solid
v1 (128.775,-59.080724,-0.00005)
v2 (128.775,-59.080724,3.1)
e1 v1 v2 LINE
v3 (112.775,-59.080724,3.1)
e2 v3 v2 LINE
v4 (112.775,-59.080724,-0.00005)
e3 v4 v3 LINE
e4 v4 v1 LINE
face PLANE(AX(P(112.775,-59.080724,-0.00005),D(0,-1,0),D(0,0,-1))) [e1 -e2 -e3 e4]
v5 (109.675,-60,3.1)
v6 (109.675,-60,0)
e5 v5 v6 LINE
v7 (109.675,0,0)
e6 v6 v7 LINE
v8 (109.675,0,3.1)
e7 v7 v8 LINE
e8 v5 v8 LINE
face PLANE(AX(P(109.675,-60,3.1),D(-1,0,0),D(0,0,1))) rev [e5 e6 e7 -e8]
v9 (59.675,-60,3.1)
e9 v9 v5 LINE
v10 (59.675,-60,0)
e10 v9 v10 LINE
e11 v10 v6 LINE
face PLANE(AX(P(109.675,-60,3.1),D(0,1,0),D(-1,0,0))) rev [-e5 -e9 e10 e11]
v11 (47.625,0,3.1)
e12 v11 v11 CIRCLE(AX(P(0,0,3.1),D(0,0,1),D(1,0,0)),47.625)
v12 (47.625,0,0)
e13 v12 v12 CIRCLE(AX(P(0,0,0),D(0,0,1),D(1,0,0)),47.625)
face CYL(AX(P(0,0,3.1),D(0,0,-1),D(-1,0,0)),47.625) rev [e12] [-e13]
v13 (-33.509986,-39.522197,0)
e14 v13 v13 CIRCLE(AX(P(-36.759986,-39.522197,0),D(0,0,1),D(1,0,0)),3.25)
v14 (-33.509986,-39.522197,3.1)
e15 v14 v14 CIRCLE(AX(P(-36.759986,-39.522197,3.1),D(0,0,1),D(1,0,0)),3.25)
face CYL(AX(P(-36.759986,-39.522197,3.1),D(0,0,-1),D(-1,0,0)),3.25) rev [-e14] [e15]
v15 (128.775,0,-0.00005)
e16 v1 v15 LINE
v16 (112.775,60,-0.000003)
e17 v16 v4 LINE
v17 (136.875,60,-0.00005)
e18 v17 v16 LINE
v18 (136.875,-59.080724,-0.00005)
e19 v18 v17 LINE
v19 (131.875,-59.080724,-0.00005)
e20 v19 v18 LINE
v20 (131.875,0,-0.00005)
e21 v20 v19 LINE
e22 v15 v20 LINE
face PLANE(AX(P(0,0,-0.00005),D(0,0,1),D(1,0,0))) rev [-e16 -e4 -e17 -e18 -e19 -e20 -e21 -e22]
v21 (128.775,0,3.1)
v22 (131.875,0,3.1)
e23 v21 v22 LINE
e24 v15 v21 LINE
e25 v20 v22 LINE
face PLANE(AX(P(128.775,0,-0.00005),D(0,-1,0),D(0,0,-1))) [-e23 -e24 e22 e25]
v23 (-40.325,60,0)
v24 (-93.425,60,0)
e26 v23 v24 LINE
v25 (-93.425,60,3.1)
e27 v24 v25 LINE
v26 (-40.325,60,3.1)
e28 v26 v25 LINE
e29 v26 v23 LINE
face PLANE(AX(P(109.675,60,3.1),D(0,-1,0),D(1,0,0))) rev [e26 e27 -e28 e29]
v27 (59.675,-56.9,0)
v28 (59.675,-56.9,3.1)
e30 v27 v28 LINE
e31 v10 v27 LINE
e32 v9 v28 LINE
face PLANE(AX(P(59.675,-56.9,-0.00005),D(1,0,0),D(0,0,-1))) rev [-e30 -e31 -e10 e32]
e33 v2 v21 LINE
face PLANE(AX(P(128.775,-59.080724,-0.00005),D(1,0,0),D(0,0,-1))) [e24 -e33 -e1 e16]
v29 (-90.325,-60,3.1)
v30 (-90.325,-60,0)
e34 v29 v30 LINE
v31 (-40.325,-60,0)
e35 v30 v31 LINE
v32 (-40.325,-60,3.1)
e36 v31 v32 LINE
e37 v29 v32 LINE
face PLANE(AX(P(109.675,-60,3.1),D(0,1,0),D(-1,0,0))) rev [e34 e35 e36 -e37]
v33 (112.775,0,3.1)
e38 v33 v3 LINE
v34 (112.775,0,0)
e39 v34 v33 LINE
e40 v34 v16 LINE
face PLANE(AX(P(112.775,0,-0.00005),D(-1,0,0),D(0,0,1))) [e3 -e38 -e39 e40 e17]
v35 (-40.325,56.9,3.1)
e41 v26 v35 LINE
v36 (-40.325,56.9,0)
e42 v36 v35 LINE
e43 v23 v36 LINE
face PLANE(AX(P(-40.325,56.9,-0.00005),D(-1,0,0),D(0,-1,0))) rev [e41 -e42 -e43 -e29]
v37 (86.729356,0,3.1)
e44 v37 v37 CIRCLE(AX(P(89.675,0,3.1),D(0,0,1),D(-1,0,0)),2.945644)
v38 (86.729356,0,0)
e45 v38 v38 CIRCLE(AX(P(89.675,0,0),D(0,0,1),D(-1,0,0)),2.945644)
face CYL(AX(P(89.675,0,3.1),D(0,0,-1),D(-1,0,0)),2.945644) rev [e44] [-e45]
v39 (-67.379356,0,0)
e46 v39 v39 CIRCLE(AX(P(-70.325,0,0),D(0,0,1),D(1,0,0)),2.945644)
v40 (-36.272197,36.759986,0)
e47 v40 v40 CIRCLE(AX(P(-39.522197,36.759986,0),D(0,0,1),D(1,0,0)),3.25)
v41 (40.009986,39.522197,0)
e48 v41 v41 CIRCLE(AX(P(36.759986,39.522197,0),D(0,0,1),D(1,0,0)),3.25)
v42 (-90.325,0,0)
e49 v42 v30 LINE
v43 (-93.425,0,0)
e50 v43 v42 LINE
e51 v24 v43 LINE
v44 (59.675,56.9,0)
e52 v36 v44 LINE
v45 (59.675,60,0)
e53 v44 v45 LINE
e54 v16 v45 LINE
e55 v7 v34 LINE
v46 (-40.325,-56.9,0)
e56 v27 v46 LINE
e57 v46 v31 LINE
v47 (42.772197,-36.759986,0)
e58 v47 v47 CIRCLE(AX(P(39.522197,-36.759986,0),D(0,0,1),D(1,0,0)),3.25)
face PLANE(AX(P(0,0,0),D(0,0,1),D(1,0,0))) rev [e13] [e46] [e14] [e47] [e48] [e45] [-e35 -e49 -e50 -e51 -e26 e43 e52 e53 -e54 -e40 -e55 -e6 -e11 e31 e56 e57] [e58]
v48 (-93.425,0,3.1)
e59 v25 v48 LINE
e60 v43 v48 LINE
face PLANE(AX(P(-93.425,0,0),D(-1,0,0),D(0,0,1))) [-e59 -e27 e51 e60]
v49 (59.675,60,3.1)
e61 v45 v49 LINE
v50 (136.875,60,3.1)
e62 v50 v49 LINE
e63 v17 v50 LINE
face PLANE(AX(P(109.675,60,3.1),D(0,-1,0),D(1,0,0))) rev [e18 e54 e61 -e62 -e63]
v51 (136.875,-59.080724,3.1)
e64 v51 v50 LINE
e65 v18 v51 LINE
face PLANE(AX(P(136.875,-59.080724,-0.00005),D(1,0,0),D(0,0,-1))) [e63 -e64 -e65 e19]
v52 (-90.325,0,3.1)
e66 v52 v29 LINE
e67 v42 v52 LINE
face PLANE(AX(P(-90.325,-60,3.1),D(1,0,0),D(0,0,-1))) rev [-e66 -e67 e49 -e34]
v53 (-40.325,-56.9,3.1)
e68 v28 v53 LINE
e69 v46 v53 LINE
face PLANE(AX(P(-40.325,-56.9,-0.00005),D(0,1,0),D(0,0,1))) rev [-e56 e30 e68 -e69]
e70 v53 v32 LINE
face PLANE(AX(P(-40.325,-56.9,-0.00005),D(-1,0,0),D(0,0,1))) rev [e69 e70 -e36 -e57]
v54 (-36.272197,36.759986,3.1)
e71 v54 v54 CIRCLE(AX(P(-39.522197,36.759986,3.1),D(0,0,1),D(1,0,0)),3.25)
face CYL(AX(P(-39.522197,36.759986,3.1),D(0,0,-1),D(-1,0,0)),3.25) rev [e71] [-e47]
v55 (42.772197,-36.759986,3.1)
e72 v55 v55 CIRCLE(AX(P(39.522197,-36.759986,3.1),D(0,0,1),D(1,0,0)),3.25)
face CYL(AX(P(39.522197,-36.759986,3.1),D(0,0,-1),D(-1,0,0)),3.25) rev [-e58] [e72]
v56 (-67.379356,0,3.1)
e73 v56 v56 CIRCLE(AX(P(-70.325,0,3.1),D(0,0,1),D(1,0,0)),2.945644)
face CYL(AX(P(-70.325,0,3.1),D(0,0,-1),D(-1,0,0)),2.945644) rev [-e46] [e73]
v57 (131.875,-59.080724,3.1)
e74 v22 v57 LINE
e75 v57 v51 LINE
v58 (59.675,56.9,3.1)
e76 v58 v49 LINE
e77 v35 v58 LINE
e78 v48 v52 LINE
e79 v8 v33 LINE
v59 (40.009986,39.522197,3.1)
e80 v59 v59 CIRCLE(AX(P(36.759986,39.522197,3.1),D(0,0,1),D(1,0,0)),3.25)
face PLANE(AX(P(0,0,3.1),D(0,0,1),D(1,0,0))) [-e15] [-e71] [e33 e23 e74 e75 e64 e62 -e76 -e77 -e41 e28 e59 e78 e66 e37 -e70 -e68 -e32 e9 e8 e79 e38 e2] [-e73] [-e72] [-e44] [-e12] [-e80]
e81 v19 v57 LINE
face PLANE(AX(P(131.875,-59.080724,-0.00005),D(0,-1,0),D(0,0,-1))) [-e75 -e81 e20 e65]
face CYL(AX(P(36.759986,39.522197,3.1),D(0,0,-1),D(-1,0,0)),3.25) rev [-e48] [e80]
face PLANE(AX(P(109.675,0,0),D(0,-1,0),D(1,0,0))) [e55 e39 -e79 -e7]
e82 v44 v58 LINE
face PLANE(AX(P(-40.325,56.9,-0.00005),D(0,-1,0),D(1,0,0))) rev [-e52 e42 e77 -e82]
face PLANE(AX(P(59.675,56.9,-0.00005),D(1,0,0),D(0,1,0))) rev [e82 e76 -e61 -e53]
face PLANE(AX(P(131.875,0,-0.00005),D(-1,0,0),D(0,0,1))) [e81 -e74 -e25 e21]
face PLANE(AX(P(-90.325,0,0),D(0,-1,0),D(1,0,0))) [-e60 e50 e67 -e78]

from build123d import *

# Parameters (mm, degrees)
SKETCH1_W           = 200
SKETCH1_H           = 120
SKETCH1_R           = 3.25
SKETCH1_R_2         = 47.625
SKETCH1_R_3         = 2.945643703
BOSS_EXTRUDE1_DEPTH = 3.1
SKETCH2_W           = 3.1
SKETCH2_H           = 60
BOSS_EXTRUDE2_DEPTH = 3.1
SKETCH3_W           = 100
SKETCH3_H           = 3.1
CUT_EXTRUDE1_DEPTH  = 4.1
BOSS_EXTRUDE3_DEPTH = 3.1


with BuildPart() as part:
    # Sketch1 → Boss-Extrude1 (new body)
    with BuildSketch(Plane.XY):
        with Locations((9.675, 0)):
            Rectangle(SKETCH1_W, SKETCH1_H)
        with Locations((-39.522196789, 36.759986207)):
            Circle(SKETCH1_R, mode=Mode.SUBTRACT)
        with Locations((36.759986207, 39.522196789)):
            Circle(SKETCH1_R, mode=Mode.SUBTRACT)
        with Locations((39.522196789, -36.759986207)):
            Circle(SKETCH1_R, mode=Mode.SUBTRACT)
        with Locations((-36.759986207, -39.522196789)):
            Circle(SKETCH1_R, mode=Mode.SUBTRACT)
        Circle(SKETCH1_R_2, mode=Mode.SUBTRACT)
        with Locations((-70.325, 0)):
            Circle(SKETCH1_R_3, mode=Mode.SUBTRACT)
        with Locations((89.675, 0)):
            Circle(SKETCH1_R_3, mode=Mode.SUBTRACT)
    extrude(amount=BOSS_EXTRUDE1_DEPTH)

    # Sketch2 → Boss-Extrude2 (add, through all)
    with BuildSketch(Plane.XY.offset(3.1)):
        with Locations((-91.875, 30)):
            Rectangle(SKETCH2_W, SKETCH2_H)
        with Locations((111.225, 30)):
            Rectangle(SKETCH2_W, SKETCH2_H)
    extrude(amount=-BOSS_EXTRUDE2_DEPTH)

    # Sketch3 → Cut-Extrude1 (cut, through all)
    with BuildSketch(Plane.XY.offset(3.1)):
        with Locations((9.675, -58.45)):
            Rectangle(SKETCH3_W, SKETCH3_H)
        with Locations((9.675, 58.45)):
            Rectangle(SKETCH3_W, SKETCH3_H)
    extrude(amount=-CUT_EXTRUDE1_DEPTH, mode=Mode.SUBTRACT)

    # Sketch4 → Boss-Extrude3 (add, through all)
    with BuildSketch(Plane.XY.offset(3.1)):
        Polygon((112.775, 0), (112.775, -59.080724095), (128.775, -59.080724095), (128.775, 0), (131.875, 0), (131.875, -59.080724095), (136.875, -59.080724095), (136.875, 60), (112.775, 60), align=None)
    extrude(amount=-BOSS_EXTRUDE3_DEPTH)


solid = part.part
